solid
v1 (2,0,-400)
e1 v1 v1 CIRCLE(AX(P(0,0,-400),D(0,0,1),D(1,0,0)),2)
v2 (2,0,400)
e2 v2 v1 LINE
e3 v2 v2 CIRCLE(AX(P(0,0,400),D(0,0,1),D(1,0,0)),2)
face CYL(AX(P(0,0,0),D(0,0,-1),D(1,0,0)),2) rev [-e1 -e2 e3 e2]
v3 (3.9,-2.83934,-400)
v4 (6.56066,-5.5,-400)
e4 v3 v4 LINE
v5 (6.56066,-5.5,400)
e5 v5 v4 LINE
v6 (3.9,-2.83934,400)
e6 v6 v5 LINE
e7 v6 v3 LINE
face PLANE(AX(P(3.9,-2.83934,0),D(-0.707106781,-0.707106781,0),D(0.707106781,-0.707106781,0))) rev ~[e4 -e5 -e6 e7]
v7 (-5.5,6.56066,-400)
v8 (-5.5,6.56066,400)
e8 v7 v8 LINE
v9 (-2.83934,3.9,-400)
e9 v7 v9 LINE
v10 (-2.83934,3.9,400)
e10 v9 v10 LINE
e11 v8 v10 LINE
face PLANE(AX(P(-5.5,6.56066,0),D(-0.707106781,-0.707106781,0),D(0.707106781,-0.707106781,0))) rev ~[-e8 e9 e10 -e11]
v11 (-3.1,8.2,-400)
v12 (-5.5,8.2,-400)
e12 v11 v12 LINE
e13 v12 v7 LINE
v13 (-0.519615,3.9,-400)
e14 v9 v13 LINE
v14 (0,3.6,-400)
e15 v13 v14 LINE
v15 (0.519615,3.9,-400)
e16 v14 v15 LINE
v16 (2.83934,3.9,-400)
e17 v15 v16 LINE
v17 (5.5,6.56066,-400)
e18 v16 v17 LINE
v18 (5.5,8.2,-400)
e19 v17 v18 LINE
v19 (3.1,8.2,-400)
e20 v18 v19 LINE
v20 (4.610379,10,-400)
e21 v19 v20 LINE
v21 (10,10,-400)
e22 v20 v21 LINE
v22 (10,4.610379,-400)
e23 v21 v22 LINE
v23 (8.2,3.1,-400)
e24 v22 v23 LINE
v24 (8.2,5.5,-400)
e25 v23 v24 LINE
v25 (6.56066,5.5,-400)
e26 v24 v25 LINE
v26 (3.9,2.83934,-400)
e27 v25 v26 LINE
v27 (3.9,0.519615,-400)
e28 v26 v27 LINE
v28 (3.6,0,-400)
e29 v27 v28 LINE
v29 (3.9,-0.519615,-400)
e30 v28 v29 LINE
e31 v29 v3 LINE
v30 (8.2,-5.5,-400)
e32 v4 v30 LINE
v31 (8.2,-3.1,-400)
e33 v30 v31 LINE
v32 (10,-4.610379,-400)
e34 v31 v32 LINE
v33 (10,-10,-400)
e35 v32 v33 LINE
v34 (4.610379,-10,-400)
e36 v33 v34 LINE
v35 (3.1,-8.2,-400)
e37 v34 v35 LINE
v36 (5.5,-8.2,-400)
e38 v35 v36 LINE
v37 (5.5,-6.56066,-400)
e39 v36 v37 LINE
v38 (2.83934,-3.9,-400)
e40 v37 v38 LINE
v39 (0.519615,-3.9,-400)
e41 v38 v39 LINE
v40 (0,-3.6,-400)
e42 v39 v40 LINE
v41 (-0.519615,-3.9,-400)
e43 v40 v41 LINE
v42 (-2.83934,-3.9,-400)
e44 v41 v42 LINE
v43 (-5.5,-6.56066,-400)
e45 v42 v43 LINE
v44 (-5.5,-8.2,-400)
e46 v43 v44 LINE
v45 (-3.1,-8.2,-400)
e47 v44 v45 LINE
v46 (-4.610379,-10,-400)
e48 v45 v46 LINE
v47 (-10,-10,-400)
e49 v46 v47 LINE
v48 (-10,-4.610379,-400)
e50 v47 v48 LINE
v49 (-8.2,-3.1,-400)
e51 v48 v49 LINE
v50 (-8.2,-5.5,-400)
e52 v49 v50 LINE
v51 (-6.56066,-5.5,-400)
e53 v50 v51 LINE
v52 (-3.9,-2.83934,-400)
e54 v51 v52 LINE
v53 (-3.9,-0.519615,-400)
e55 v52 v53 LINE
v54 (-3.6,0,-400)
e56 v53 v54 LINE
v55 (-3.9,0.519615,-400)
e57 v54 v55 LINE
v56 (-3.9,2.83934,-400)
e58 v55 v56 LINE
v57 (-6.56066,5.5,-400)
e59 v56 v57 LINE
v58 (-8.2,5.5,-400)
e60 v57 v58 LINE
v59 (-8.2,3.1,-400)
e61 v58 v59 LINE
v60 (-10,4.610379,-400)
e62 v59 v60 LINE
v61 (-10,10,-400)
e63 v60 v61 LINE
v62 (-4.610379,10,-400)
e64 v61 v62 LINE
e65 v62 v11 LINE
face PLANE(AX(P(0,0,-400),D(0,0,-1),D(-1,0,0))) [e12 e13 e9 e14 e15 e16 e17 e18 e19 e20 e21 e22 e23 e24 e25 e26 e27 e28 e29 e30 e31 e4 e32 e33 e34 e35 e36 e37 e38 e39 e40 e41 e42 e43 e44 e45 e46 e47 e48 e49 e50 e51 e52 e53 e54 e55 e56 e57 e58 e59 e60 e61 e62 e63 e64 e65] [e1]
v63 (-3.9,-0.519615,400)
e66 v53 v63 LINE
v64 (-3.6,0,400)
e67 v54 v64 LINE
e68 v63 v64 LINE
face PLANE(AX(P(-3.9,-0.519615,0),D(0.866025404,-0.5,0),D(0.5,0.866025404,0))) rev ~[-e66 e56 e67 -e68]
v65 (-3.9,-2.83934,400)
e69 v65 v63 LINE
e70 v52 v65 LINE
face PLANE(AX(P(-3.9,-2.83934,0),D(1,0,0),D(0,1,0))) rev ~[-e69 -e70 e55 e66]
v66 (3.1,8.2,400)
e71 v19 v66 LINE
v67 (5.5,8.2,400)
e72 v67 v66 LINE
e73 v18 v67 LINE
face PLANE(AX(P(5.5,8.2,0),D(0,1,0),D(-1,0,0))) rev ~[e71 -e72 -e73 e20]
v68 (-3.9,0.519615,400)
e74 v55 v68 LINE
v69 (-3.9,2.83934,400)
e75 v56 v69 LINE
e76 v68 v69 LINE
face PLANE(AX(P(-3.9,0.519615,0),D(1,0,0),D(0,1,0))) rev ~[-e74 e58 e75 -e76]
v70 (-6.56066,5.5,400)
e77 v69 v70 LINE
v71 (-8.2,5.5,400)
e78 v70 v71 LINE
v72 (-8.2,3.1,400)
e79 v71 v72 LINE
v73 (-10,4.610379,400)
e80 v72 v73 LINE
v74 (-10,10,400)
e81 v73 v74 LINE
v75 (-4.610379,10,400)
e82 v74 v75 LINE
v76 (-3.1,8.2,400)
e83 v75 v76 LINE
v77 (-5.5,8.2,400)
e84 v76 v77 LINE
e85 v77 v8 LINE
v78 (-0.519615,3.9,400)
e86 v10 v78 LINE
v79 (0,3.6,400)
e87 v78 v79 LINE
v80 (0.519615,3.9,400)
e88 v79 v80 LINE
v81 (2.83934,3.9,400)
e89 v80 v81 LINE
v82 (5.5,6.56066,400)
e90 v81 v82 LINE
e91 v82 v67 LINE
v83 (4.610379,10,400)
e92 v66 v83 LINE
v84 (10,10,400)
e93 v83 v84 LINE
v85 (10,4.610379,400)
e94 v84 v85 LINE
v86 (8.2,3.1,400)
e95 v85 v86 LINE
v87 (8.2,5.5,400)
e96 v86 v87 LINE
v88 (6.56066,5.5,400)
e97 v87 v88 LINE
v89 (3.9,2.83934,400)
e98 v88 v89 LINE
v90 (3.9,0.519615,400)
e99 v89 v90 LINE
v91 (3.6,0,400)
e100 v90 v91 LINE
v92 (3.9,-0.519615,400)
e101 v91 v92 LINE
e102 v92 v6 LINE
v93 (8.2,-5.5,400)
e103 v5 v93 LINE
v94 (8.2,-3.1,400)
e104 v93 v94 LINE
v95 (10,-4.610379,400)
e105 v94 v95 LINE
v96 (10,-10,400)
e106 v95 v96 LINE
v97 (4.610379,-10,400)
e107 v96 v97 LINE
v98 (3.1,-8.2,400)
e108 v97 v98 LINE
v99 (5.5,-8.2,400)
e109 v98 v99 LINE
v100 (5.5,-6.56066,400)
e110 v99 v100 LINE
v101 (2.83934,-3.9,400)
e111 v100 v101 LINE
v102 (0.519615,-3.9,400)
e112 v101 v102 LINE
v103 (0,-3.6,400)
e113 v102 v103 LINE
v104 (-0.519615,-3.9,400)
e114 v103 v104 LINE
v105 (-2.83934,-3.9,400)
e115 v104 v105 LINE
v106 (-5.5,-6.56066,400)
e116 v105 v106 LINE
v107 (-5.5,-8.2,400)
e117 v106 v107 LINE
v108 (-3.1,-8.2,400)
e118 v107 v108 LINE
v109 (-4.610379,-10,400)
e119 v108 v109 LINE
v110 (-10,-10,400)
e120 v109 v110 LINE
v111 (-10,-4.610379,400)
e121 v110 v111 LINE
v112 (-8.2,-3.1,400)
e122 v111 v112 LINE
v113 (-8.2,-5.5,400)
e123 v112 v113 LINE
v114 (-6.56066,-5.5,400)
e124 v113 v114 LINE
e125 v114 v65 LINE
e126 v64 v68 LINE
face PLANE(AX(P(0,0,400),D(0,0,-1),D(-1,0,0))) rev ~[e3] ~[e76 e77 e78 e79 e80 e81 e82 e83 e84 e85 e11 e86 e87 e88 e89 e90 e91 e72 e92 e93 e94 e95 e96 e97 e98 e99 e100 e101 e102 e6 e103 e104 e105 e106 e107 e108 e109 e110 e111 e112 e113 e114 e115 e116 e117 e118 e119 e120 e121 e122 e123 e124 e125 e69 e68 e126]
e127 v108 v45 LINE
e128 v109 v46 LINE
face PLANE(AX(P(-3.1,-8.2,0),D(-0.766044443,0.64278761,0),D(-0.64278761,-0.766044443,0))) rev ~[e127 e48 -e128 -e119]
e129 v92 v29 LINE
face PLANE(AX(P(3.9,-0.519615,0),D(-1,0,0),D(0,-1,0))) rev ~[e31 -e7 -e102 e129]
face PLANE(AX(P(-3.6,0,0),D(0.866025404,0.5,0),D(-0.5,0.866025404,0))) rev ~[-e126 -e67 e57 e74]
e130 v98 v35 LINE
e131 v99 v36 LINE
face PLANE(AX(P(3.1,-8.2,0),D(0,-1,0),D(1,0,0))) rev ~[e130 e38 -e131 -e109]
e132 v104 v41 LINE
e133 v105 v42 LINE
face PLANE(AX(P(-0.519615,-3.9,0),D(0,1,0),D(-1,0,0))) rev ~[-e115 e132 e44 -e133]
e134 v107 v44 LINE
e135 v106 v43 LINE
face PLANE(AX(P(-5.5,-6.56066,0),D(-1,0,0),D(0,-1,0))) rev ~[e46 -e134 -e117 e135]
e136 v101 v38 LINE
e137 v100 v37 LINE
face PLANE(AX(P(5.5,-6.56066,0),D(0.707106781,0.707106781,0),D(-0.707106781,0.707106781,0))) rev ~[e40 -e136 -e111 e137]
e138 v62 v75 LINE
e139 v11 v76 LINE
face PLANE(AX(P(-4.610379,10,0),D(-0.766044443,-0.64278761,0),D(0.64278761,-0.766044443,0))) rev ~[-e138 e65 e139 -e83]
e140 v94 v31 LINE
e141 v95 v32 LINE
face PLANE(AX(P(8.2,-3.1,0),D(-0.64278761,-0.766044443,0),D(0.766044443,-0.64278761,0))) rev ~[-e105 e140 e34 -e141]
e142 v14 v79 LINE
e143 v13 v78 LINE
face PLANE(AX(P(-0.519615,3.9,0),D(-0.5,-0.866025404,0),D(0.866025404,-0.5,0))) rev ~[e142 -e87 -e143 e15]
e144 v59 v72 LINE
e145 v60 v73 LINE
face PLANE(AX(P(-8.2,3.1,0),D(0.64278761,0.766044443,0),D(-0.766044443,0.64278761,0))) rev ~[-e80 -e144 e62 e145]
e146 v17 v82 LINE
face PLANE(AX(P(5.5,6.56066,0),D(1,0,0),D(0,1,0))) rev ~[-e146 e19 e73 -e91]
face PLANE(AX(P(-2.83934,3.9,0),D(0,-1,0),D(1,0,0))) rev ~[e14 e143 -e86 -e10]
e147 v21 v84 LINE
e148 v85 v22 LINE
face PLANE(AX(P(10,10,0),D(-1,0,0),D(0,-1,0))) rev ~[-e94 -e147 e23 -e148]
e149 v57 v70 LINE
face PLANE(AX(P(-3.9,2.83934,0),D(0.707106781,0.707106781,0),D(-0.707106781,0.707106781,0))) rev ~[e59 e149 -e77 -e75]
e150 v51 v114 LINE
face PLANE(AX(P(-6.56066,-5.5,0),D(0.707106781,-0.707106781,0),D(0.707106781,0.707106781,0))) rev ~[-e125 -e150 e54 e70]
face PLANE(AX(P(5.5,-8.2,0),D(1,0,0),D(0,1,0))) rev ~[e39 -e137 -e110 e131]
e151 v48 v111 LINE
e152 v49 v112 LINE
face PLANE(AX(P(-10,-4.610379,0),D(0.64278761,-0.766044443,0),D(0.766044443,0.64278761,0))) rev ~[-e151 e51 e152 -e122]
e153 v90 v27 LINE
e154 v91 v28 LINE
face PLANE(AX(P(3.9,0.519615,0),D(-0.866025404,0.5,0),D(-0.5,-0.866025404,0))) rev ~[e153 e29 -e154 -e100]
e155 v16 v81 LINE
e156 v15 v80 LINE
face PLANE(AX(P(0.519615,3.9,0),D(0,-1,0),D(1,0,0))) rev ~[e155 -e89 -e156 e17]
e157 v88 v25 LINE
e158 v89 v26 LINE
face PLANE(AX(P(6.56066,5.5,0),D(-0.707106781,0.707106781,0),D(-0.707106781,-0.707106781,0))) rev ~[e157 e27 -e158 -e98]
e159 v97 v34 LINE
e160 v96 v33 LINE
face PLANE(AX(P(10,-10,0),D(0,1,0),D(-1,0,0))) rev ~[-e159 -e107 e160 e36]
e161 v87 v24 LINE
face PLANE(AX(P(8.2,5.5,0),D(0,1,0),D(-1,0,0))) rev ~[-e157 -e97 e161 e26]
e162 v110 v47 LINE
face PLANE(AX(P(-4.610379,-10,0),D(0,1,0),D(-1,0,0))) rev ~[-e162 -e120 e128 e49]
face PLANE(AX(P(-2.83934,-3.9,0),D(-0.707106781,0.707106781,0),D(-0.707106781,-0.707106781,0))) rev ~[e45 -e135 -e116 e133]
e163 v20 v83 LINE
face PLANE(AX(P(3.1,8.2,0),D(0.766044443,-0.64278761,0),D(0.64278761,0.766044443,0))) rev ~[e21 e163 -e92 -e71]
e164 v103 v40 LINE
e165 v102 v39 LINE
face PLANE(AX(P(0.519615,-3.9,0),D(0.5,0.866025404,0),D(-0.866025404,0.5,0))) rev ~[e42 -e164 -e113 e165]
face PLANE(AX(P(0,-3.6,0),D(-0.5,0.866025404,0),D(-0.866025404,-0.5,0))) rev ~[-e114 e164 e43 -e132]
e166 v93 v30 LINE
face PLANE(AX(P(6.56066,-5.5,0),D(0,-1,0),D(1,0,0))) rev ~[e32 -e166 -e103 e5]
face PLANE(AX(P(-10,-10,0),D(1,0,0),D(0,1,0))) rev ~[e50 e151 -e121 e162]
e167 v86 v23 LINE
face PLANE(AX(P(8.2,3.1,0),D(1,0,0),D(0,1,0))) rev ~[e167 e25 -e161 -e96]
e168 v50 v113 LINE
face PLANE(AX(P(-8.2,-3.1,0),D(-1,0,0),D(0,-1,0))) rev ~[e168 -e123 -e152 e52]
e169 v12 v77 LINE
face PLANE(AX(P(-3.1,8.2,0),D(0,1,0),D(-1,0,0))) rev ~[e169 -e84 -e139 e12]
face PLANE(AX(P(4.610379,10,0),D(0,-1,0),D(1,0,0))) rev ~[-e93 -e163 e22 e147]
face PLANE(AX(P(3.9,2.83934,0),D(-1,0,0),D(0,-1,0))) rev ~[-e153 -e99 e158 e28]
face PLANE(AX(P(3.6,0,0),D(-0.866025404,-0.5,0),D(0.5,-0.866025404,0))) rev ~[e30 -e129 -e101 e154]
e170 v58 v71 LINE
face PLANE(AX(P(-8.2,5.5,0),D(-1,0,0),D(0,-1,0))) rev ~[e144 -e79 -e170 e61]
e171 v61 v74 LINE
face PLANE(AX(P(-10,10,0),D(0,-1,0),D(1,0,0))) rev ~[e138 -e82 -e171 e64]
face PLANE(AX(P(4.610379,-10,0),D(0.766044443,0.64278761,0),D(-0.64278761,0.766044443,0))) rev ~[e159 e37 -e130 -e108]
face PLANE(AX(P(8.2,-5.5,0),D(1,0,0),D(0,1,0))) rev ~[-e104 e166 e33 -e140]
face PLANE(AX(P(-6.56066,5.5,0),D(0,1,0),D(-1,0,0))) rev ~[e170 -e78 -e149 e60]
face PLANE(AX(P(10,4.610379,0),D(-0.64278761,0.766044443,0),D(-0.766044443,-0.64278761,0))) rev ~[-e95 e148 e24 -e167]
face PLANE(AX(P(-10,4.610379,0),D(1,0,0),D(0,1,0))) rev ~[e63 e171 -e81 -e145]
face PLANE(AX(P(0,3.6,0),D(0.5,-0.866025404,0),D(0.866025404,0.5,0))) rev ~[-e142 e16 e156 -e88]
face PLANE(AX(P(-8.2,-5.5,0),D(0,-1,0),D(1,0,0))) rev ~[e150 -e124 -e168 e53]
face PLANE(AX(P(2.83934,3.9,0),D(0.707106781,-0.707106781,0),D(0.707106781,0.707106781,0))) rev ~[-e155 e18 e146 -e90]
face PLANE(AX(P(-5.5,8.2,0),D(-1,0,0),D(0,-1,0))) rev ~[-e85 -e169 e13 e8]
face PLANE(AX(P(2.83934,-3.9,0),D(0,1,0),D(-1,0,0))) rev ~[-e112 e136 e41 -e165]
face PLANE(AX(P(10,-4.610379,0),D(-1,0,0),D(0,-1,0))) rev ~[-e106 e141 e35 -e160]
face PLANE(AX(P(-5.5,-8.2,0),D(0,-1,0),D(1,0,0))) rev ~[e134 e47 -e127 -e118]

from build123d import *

# Parameters (mm, degrees)
SKETCH1_R           = 2
BOSS_EXTRUDE1_DEPTH = 400


with BuildPart() as part:
    # Sketch1 → Boss-Extrude1 (new, symmetric)
    with BuildSketch(Plane.XY):
        Polygon((10, 10), (10, 4.610379336), (8.2, 3.1), (8.2, 5.5), (6.560660172, 5.5), (3.9, 2.839339828), (3.9, 0.519615242), (3.6, 0), (3.9, -0.519615242), (3.9, -2.839339828), (6.560660172, -5.5), (8.2, -5.5), (8.2, -3.1), (10, -4.610379336), (10, -10), (4.610379336, -10), (3.1, -8.2), (5.5, -8.2), (5.5, -6.560660172), (2.839339828, -3.9), (0.519615242, -3.9), (0, -3.6), (-0.519615242, -3.9), (-2.839339828, -3.9), (-5.5, -6.560660172), (-5.5, -8.2), (-3.1, -8.2), (-4.610379336, -10), (-10, -10), (-10, -4.610379336), (-8.2, -3.1), (-8.2, -5.5), (-6.560660172, -5.5), (-3.9, -2.839339828), (-3.9, -0.519615242), (-3.6, 0), (-3.9, 0.519615242), (-3.9, 2.839339828), (-6.560660172, 5.5), (-8.2, 5.5), (-8.2, 3.1), (-10, 4.610379336), (-10, 10), (-4.610379336, 10), (-3.1, 8.2), (-5.5, 8.2), (-5.5, 6.560660172), (-2.839339828, 3.9), (-0.519615242, 3.9), (0, 3.6), (0.519615242, 3.9), (2.839339828, 3.9), (5.5, 6.560660172), (5.5, 8.2), (3.1, 8.2), (4.610379336, 10), align=None)
        Circle(SKETCH1_R, mode=Mode.SUBTRACT)
    extrude(amount=BOSS_EXTRUDE1_DEPTH, both=True)


solid = part.part
